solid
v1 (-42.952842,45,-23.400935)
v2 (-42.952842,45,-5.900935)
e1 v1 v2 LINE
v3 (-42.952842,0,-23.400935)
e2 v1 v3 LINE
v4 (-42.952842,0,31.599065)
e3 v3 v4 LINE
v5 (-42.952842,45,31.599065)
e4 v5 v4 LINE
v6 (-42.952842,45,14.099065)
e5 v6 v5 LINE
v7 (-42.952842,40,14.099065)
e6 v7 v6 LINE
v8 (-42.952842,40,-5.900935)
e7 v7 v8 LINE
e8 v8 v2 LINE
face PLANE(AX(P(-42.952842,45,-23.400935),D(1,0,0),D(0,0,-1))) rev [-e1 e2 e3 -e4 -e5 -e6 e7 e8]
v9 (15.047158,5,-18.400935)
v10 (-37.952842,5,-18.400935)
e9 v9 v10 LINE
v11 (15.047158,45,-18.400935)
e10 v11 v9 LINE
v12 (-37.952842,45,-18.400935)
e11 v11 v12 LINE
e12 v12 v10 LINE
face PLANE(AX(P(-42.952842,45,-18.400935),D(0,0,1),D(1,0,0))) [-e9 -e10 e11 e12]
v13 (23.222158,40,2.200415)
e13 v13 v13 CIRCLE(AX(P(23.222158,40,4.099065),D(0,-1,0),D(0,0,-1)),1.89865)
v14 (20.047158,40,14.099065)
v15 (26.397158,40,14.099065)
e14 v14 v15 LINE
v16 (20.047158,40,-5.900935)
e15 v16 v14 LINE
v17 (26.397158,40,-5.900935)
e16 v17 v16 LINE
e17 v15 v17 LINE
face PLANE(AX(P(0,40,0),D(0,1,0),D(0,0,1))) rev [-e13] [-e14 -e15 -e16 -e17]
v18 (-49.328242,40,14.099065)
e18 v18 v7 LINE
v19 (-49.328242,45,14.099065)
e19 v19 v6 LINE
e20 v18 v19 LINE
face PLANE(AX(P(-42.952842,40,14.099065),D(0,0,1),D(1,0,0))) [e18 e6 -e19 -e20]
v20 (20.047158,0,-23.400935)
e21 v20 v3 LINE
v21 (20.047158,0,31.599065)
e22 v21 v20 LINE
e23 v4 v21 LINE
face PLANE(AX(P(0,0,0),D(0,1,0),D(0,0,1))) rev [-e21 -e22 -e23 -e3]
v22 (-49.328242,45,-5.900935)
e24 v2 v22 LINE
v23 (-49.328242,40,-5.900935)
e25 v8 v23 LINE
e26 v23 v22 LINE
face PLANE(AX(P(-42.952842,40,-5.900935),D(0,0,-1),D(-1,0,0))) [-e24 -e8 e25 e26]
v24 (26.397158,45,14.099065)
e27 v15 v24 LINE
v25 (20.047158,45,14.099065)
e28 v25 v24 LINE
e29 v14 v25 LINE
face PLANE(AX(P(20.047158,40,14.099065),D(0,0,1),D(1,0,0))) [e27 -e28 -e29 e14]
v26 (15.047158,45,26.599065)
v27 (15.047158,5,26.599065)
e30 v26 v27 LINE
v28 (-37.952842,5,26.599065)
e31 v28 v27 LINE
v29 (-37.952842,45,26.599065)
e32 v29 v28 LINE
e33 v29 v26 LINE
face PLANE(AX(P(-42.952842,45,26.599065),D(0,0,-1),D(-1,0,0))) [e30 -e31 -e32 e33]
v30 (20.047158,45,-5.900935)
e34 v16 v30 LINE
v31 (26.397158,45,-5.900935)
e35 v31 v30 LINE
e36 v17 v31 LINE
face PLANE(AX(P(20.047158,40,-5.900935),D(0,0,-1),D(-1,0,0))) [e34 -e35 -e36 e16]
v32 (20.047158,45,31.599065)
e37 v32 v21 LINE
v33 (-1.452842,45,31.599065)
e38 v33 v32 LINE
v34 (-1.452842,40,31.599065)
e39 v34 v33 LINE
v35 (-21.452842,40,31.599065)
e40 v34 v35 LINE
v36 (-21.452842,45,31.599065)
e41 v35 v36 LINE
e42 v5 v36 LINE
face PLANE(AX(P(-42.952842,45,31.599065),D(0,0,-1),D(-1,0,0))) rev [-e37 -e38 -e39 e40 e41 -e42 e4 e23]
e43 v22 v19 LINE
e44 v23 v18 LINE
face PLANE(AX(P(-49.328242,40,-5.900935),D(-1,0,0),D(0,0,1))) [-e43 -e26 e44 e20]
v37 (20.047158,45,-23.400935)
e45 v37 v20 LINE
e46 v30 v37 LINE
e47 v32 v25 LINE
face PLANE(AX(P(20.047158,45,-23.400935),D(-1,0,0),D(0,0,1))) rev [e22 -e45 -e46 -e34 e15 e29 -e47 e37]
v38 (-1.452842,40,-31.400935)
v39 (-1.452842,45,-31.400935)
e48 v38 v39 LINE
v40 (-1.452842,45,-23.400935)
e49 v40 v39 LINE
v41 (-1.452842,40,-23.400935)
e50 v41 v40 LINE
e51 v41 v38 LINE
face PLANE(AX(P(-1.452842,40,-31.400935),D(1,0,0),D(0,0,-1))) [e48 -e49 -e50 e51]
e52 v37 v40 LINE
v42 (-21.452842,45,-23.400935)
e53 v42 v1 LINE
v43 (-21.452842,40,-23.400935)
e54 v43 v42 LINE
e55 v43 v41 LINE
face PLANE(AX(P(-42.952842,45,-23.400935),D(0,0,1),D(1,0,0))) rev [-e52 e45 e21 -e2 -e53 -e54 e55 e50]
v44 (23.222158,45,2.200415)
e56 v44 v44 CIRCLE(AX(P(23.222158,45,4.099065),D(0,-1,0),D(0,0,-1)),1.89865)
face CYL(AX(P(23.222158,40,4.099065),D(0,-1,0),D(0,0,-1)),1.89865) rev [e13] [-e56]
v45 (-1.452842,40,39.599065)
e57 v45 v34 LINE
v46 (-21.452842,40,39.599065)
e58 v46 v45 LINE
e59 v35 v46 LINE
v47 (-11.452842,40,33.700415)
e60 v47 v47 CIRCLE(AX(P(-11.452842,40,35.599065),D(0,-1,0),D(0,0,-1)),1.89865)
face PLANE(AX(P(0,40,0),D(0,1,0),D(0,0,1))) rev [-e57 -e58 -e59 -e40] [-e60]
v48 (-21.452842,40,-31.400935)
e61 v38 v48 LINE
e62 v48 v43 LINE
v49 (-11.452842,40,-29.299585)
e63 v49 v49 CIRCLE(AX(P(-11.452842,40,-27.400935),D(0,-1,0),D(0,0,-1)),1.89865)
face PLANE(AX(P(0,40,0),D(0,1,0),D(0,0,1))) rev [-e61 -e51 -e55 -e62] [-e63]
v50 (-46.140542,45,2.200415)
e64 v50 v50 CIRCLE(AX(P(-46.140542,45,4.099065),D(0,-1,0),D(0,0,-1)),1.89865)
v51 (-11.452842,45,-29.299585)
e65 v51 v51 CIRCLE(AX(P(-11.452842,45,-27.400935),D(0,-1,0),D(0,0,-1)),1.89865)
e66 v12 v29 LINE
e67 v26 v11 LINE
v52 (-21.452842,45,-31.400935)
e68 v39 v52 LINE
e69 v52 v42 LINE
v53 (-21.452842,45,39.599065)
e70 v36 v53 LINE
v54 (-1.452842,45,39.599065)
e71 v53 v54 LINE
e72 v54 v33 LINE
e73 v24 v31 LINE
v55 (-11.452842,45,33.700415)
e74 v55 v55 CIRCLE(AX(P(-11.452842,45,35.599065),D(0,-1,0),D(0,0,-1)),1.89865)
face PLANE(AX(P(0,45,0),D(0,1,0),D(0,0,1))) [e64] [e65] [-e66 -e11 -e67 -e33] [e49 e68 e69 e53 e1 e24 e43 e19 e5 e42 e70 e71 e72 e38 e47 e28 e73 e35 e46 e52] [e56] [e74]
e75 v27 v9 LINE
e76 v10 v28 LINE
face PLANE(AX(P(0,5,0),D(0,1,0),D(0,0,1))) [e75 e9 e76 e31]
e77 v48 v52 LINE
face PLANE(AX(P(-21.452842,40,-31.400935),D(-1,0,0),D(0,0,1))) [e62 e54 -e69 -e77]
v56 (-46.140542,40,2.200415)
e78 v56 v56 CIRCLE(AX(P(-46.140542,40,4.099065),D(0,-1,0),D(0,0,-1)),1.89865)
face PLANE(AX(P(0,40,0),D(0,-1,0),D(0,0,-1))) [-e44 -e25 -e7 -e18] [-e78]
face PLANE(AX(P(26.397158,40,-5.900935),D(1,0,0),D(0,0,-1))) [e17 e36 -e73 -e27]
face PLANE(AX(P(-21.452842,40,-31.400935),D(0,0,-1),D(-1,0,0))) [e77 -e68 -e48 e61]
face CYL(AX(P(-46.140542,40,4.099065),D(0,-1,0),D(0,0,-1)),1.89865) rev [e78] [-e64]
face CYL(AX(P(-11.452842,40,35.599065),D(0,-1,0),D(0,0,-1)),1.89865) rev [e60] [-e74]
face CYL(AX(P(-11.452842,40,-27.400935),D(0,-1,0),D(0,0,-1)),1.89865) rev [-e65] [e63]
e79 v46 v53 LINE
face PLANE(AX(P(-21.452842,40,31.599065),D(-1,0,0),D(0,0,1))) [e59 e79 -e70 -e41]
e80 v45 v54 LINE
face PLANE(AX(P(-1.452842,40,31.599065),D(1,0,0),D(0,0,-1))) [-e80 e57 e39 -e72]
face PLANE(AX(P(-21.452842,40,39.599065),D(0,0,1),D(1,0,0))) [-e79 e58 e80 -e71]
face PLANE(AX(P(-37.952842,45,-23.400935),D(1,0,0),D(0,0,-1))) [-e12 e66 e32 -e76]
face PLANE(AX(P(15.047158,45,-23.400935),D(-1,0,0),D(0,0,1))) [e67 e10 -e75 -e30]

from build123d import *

# Parameters (mm, degrees)
SKETCH1_W             = 63
SKETCH1_H             = 55
BOSS_EXTRUDE1_DEPTH   = 45
SHELL1_T              = -5
SKETCH5_W             = 20
SKETCH5_H             = 8
SKETCH5_W_2           = 6.3754
SKETCH5_H_2           = 20
SKETCH5_W_3           = 6.35
BOSS_EXTRUDE3_DEPTH   = 5
F_6_CLEARANCE_HOLE1_D = 3.7973


with BuildPart() as part:
    # Sketch1 → Boss-Extrude1 (new body)
    with BuildSketch(Plane(origin=(0, 0, 0), x_dir=(1, 0, 0), z_dir=(0, 1, 0))):
        with Locations((-11.452841564, -4.099064972)):
            Rectangle(SKETCH1_W, SKETCH1_H)
    extrude(amount=BOSS_EXTRUDE1_DEPTH)

    # Shell1
    shell1_openings = [part.faces().sort_by_distance(p)[0] for p in [
        (-11.452841564, 45, 4.099064972),
    ]]
    offset(amount=SHELL1_T, openings=shell1_openings, kind=Kind.INTERSECTION)

    # Sketch5 → Boss-Extrude3 (add)
    with BuildSketch(Plane(origin=(0, 45, 0), x_dir=(1, 0, 0), z_dir=(0, 1, 0))):
        with Locations((-11.452841564, 27.400935028)):
            Rectangle(SKETCH5_W, SKETCH5_H)
        with Locations((-11.452841564, -35.599064972)):
            Rectangle(SKETCH5_W, SKETCH5_H)
        with Locations((-46.140541564, -4.099064972)):
            Rectangle(SKETCH5_W_2, SKETCH5_H_2)
        with Locations((23.222158436, -4.099064972)):
            Rectangle(SKETCH5_W_3, SKETCH5_H_2)
    extrude(amount=-BOSS_EXTRUDE3_DEPTH)

    # #6 Clearance Hole1 (through all)
    with Locations(Plane(origin=(0, 40, 0), x_dir=(-1, 0, 0), z_dir=(0, -1, 0))):
        with Locations((11.452841564, -35.599064972), (11.452841564, 27.400935028), (46.140541564, -4.099064972), (-23.222158436, -4.099064972)):
            Hole(F_6_CLEARANCE_HOLE1_D / 2)


solid = part.part
